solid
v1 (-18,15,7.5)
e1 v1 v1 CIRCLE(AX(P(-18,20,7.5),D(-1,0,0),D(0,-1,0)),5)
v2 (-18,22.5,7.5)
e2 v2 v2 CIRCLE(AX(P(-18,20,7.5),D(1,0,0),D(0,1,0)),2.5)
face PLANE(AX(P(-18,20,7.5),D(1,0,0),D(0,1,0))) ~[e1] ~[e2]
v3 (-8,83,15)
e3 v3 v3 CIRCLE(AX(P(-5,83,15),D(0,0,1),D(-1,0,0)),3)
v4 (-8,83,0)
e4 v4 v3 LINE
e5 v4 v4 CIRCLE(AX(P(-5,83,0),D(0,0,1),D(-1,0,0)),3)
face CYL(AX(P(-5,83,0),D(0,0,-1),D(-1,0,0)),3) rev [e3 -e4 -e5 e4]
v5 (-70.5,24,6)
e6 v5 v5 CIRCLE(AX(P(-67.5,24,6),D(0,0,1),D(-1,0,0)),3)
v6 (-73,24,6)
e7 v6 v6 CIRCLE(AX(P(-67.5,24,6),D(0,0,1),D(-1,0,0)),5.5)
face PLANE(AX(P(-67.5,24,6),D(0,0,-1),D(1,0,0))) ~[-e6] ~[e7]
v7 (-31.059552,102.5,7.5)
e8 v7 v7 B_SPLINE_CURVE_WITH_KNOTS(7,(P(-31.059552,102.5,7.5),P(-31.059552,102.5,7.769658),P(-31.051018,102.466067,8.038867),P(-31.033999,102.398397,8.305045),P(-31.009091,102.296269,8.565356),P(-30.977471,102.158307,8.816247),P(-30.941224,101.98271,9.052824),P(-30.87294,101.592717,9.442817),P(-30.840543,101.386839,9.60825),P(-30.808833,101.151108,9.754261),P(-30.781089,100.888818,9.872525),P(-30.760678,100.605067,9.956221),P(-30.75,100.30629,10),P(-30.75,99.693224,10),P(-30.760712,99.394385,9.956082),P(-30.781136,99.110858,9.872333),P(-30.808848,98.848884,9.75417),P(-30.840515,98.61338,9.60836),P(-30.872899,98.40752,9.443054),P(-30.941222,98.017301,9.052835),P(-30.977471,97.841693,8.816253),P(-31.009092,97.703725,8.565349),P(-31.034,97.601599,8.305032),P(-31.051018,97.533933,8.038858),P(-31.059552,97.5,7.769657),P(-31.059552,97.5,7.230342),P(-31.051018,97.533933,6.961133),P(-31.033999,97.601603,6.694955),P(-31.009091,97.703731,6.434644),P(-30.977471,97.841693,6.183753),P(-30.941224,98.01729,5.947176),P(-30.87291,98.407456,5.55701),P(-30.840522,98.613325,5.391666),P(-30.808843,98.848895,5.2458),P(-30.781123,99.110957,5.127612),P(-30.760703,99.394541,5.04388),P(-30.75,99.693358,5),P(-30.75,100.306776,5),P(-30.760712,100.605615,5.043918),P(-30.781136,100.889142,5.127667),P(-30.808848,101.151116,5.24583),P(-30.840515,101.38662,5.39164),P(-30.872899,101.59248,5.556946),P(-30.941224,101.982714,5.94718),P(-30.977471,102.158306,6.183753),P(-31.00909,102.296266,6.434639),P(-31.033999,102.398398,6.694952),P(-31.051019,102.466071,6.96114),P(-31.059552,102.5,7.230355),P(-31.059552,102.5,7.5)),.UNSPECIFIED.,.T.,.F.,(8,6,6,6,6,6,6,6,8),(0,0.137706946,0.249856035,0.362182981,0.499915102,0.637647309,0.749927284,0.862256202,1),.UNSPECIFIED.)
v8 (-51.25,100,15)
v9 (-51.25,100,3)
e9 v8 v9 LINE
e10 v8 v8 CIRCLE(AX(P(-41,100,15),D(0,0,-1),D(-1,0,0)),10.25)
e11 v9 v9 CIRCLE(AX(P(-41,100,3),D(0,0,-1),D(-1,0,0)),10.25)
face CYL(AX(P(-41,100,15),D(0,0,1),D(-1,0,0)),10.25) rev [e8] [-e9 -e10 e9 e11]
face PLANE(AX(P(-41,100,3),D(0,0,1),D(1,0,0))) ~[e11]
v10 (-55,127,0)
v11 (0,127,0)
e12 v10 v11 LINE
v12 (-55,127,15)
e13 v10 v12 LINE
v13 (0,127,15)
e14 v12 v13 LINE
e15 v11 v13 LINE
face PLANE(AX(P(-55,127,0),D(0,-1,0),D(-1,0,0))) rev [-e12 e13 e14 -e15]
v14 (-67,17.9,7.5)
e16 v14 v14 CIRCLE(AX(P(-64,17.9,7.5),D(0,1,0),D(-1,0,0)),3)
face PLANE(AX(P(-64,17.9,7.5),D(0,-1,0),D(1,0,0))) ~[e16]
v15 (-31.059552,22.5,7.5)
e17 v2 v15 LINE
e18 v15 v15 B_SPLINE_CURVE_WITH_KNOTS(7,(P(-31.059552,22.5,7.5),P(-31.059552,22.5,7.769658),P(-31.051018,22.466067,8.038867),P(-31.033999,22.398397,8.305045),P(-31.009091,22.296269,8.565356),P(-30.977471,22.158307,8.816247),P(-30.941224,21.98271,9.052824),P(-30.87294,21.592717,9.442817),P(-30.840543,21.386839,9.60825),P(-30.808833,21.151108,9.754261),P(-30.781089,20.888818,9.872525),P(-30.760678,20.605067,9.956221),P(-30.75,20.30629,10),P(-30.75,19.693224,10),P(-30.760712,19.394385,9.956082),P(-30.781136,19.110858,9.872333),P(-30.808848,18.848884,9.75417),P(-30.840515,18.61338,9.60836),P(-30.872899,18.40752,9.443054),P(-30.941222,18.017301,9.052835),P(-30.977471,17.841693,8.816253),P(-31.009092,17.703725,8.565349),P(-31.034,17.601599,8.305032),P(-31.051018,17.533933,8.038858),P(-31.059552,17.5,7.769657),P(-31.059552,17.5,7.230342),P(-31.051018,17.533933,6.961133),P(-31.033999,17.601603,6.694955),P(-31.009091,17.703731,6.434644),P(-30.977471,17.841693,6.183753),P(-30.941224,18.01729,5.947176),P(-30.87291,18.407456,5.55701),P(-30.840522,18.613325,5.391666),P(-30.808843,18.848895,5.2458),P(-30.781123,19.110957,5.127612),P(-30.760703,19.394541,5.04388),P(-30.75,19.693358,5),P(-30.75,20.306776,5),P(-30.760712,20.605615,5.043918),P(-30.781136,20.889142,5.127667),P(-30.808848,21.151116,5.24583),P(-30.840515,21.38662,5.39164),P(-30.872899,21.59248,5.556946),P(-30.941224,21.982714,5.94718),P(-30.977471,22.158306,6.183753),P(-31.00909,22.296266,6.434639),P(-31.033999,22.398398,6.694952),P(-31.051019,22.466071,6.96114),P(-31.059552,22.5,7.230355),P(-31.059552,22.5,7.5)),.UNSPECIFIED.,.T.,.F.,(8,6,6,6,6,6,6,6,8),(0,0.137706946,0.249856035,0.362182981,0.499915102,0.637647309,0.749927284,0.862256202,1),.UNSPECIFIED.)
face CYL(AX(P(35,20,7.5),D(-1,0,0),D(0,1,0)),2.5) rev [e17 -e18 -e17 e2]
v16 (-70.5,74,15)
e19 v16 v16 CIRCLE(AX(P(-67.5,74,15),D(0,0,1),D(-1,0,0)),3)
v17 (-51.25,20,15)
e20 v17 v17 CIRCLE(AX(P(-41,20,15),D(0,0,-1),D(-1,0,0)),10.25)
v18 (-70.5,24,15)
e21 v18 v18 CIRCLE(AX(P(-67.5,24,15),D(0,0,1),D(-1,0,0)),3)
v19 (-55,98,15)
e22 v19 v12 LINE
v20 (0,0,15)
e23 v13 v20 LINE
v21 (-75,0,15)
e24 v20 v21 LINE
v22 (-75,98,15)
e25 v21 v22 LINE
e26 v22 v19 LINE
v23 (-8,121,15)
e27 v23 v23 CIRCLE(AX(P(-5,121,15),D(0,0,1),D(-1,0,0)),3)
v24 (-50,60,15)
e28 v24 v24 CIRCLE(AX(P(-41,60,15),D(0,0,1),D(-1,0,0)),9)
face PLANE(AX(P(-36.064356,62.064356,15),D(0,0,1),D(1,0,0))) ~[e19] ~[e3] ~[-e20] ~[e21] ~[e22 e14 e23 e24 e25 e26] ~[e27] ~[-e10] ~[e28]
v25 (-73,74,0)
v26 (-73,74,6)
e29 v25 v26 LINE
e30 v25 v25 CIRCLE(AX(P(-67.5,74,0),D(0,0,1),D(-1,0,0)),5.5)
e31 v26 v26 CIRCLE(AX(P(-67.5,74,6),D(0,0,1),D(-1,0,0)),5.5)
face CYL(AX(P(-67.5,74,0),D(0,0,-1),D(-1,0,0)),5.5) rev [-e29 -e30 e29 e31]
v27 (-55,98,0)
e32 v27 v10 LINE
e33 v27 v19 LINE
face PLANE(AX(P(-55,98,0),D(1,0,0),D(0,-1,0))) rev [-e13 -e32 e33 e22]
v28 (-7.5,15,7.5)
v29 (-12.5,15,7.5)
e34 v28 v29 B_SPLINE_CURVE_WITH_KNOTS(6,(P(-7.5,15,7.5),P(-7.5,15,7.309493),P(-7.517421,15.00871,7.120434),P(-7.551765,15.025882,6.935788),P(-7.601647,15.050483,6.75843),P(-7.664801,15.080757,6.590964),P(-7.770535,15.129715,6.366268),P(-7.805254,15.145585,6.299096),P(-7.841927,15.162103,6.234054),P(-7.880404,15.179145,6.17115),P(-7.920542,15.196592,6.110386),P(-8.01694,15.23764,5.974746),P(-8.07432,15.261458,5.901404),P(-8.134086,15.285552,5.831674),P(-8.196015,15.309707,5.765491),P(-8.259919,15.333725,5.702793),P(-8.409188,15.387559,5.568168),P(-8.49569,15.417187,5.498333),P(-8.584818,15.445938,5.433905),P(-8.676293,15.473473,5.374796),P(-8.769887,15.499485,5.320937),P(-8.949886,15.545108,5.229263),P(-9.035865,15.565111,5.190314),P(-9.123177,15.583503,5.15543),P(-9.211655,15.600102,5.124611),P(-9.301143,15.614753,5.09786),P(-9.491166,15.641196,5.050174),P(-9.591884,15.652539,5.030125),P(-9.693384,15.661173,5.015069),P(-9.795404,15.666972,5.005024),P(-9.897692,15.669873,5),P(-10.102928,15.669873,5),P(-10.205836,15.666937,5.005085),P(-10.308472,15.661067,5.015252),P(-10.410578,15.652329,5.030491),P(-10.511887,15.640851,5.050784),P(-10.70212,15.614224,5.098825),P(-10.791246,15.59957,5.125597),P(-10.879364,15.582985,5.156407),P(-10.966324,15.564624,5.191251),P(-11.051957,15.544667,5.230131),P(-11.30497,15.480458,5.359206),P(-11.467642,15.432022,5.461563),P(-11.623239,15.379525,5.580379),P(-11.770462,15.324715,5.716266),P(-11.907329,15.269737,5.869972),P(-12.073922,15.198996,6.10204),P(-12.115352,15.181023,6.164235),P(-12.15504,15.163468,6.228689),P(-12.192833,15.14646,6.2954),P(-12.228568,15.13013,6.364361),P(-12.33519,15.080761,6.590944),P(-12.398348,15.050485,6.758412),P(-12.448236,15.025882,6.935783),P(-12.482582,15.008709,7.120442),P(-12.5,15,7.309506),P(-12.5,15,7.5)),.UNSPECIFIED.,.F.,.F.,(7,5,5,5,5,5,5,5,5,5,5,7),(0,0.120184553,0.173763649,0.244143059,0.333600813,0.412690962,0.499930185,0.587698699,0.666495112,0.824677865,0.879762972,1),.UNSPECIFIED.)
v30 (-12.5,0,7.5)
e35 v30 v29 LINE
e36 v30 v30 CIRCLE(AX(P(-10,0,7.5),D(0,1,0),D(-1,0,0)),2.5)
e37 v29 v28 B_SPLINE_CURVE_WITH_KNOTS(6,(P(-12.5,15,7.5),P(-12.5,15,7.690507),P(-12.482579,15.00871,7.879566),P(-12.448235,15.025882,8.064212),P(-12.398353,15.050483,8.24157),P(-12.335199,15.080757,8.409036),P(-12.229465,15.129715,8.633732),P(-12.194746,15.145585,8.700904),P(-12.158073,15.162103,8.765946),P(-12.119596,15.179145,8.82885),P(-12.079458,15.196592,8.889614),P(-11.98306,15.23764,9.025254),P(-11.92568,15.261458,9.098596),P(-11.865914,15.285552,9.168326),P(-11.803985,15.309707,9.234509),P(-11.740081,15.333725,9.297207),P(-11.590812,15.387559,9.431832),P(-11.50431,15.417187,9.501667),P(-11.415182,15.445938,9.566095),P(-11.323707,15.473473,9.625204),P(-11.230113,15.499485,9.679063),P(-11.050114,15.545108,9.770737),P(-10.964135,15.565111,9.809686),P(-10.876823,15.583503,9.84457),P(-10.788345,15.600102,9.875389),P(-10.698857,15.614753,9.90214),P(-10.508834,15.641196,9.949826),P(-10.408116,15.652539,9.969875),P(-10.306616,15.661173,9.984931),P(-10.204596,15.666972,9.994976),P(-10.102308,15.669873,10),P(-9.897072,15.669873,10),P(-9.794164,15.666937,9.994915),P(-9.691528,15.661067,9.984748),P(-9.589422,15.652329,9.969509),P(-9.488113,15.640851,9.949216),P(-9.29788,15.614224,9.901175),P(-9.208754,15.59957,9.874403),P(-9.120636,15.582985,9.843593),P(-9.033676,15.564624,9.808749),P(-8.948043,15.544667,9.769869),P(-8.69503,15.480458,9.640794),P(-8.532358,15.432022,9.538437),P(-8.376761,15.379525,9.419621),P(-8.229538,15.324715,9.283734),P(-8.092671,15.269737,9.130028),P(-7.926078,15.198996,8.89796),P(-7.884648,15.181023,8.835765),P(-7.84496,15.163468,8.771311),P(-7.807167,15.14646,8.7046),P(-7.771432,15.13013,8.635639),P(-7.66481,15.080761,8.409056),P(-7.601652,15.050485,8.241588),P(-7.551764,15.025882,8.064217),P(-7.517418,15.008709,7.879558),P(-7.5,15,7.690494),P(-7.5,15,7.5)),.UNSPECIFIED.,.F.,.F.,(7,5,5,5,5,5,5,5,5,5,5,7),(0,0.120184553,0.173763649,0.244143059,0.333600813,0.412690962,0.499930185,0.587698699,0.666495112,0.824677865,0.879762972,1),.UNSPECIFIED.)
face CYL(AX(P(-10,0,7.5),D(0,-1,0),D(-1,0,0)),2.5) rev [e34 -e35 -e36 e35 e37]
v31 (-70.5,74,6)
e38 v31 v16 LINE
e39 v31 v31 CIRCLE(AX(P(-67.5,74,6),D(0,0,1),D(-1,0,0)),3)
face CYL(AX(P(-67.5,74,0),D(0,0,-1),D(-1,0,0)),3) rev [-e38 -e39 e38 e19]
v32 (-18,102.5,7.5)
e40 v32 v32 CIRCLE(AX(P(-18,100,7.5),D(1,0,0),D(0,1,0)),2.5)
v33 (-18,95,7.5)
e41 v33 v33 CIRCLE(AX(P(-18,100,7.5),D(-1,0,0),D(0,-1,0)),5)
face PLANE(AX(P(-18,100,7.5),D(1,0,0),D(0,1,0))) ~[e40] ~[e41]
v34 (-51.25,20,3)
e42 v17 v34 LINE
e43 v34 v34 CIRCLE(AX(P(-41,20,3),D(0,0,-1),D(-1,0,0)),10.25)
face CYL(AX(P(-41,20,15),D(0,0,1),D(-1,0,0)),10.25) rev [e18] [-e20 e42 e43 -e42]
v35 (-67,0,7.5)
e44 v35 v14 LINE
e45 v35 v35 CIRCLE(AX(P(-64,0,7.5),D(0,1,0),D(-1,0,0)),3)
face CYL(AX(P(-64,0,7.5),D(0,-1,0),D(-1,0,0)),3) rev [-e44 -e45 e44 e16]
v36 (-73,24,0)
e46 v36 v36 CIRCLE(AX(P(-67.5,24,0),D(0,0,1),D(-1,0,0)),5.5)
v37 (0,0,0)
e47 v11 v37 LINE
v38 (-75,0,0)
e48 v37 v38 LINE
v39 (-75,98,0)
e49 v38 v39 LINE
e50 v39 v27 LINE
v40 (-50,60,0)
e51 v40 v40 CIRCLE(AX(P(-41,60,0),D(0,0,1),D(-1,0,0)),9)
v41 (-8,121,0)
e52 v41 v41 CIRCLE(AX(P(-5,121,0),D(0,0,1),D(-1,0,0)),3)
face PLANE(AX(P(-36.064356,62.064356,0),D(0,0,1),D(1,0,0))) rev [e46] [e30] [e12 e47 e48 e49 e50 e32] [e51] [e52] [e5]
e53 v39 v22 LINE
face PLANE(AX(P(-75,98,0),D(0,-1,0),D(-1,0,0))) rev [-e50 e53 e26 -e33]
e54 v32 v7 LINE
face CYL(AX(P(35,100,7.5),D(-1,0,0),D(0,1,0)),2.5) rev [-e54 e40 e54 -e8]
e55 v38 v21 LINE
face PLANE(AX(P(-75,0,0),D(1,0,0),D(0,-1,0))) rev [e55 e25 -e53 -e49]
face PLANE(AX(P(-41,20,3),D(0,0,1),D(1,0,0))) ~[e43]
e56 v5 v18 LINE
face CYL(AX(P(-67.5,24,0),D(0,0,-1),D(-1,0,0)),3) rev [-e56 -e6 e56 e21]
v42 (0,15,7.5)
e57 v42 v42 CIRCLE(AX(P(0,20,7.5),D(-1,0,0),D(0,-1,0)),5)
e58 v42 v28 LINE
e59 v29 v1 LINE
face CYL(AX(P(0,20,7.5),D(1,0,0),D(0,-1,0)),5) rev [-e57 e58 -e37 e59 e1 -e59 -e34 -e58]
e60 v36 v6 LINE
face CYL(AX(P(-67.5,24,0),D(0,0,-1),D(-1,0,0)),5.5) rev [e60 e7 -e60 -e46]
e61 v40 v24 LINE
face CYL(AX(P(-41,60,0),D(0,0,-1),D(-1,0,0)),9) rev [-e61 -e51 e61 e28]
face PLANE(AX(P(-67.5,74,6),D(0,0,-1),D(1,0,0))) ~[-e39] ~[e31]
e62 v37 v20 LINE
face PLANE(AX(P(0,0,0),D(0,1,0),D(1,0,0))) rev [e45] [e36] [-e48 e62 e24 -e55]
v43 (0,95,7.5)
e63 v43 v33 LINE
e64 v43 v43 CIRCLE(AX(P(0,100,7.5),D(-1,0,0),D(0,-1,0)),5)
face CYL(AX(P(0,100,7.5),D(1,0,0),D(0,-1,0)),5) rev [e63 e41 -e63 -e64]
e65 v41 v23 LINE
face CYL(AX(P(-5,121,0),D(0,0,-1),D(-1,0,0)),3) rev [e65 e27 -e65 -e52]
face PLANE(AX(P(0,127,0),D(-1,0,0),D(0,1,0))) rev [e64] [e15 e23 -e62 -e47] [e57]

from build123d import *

# Parameters (mm, degrees)
F1_DEPTH  = 15
F2_R      = 3
F2_R_2    = 9
F3_DEPTH  = 15.001
F4_R      = 5.5
F5_DEPTH  = 6
F6_R      = 10.25
F7_DEPTH  = 12
F9_D      = 5
F9_DEPTH  = 35
F10_R     = 5
F10_R_2   = 2.5
F11_DEPTH = 18
F12_R     = 3
F12_R_2   = 2.5
F13_DEPTH = 17.9


with BuildPart() as f1:
    # F0 (on Top) → F1 (new body)
    with BuildSketch(Plane.XY):
        Polygon((0, 127), (0, 0), (75, 0), (75, 98), (55, 98), (55, 127), align=None)
    extrude(amount=F1_DEPTH)

    # F2 (on face) → F3 (cut, through all)
    with BuildSketch(Plane(origin=(0, 0, 0), x_dir=(1, 0, 0), z_dir=(0, 0, -1))):
        with Locations((5, -121)):
            Circle(F2_R)
        with Locations((5, -83)):
            Circle(F2_R)
        with Locations((41, -60)):
            Circle(F2_R_2)
        with Locations((67.5, -24)):
            Circle(F2_R)
        with Locations((67.5, -74)):
            Circle(F2_R)
    extrude(amount=-F3_DEPTH, mode=Mode.SUBTRACT)

    # F4 (on face) → F5 (cut)
    with BuildSketch(Plane(origin=(0, 0, 0), x_dir=(1, 0, 0), z_dir=(0, 0, -1))):
        with Locations((67.5, -74)):
            Circle(F4_R)
        with Locations((67.5, -24)):
            Circle(F4_R)
    extrude(amount=-F5_DEPTH, mode=Mode.SUBTRACT)

    # F6 (on face) → F7 (cut)
    with BuildSketch(Plane.XY.offset(15)):
        with Locations((41, 100)):
            Circle(F6_R)
        with Locations((41, 20)):
            Circle(F6_R)
    extrude(amount=-F7_DEPTH, mode=Mode.SUBTRACT)

    # F9
    with Locations(Plane(origin=(0, 0, 0), x_dir=(0, -1, 0), z_dir=(-1, 0, 0))):
        with Locations((-100, 7.5), (-20, 7.5)):
            Hole(F9_D / 2, depth=F9_DEPTH)

    # F10 (on face) → F11 (cut)
    with BuildSketch(Plane(origin=(0, 0, 0), x_dir=(0, -1, 0), z_dir=(-1, 0, 0))):
        with Locations((-100, 7.5)):
            Circle(F10_R)
        with Locations((-100, 7.5)):
            Circle(F10_R_2, mode=Mode.SUBTRACT)
        with Locations((-20, 7.5)):
            Circle(F10_R)
        with Locations((-20, 7.5)):
            Circle(F10_R_2, mode=Mode.SUBTRACT)
    extrude(amount=-F11_DEPTH, mode=Mode.SUBTRACT)

    # F12 (on face) → F13 (cut)
    with BuildSketch(Plane.XZ):
        with Locations((64, 7.5)):
            Circle(F12_R)
        with Locations((10, 7.5)):
            Circle(F12_R_2)
    extrude(amount=-F13_DEPTH, mode=Mode.SUBTRACT)


with BuildPart() as f14_1:
    # F14: instance of F1
    add(f1.part.mirror(Plane(origin=(0, 63.814533, 7.5), x_dir=(0, -1, 0), z_dir=(-1, 0, 0))))


solid = f14_1.part
